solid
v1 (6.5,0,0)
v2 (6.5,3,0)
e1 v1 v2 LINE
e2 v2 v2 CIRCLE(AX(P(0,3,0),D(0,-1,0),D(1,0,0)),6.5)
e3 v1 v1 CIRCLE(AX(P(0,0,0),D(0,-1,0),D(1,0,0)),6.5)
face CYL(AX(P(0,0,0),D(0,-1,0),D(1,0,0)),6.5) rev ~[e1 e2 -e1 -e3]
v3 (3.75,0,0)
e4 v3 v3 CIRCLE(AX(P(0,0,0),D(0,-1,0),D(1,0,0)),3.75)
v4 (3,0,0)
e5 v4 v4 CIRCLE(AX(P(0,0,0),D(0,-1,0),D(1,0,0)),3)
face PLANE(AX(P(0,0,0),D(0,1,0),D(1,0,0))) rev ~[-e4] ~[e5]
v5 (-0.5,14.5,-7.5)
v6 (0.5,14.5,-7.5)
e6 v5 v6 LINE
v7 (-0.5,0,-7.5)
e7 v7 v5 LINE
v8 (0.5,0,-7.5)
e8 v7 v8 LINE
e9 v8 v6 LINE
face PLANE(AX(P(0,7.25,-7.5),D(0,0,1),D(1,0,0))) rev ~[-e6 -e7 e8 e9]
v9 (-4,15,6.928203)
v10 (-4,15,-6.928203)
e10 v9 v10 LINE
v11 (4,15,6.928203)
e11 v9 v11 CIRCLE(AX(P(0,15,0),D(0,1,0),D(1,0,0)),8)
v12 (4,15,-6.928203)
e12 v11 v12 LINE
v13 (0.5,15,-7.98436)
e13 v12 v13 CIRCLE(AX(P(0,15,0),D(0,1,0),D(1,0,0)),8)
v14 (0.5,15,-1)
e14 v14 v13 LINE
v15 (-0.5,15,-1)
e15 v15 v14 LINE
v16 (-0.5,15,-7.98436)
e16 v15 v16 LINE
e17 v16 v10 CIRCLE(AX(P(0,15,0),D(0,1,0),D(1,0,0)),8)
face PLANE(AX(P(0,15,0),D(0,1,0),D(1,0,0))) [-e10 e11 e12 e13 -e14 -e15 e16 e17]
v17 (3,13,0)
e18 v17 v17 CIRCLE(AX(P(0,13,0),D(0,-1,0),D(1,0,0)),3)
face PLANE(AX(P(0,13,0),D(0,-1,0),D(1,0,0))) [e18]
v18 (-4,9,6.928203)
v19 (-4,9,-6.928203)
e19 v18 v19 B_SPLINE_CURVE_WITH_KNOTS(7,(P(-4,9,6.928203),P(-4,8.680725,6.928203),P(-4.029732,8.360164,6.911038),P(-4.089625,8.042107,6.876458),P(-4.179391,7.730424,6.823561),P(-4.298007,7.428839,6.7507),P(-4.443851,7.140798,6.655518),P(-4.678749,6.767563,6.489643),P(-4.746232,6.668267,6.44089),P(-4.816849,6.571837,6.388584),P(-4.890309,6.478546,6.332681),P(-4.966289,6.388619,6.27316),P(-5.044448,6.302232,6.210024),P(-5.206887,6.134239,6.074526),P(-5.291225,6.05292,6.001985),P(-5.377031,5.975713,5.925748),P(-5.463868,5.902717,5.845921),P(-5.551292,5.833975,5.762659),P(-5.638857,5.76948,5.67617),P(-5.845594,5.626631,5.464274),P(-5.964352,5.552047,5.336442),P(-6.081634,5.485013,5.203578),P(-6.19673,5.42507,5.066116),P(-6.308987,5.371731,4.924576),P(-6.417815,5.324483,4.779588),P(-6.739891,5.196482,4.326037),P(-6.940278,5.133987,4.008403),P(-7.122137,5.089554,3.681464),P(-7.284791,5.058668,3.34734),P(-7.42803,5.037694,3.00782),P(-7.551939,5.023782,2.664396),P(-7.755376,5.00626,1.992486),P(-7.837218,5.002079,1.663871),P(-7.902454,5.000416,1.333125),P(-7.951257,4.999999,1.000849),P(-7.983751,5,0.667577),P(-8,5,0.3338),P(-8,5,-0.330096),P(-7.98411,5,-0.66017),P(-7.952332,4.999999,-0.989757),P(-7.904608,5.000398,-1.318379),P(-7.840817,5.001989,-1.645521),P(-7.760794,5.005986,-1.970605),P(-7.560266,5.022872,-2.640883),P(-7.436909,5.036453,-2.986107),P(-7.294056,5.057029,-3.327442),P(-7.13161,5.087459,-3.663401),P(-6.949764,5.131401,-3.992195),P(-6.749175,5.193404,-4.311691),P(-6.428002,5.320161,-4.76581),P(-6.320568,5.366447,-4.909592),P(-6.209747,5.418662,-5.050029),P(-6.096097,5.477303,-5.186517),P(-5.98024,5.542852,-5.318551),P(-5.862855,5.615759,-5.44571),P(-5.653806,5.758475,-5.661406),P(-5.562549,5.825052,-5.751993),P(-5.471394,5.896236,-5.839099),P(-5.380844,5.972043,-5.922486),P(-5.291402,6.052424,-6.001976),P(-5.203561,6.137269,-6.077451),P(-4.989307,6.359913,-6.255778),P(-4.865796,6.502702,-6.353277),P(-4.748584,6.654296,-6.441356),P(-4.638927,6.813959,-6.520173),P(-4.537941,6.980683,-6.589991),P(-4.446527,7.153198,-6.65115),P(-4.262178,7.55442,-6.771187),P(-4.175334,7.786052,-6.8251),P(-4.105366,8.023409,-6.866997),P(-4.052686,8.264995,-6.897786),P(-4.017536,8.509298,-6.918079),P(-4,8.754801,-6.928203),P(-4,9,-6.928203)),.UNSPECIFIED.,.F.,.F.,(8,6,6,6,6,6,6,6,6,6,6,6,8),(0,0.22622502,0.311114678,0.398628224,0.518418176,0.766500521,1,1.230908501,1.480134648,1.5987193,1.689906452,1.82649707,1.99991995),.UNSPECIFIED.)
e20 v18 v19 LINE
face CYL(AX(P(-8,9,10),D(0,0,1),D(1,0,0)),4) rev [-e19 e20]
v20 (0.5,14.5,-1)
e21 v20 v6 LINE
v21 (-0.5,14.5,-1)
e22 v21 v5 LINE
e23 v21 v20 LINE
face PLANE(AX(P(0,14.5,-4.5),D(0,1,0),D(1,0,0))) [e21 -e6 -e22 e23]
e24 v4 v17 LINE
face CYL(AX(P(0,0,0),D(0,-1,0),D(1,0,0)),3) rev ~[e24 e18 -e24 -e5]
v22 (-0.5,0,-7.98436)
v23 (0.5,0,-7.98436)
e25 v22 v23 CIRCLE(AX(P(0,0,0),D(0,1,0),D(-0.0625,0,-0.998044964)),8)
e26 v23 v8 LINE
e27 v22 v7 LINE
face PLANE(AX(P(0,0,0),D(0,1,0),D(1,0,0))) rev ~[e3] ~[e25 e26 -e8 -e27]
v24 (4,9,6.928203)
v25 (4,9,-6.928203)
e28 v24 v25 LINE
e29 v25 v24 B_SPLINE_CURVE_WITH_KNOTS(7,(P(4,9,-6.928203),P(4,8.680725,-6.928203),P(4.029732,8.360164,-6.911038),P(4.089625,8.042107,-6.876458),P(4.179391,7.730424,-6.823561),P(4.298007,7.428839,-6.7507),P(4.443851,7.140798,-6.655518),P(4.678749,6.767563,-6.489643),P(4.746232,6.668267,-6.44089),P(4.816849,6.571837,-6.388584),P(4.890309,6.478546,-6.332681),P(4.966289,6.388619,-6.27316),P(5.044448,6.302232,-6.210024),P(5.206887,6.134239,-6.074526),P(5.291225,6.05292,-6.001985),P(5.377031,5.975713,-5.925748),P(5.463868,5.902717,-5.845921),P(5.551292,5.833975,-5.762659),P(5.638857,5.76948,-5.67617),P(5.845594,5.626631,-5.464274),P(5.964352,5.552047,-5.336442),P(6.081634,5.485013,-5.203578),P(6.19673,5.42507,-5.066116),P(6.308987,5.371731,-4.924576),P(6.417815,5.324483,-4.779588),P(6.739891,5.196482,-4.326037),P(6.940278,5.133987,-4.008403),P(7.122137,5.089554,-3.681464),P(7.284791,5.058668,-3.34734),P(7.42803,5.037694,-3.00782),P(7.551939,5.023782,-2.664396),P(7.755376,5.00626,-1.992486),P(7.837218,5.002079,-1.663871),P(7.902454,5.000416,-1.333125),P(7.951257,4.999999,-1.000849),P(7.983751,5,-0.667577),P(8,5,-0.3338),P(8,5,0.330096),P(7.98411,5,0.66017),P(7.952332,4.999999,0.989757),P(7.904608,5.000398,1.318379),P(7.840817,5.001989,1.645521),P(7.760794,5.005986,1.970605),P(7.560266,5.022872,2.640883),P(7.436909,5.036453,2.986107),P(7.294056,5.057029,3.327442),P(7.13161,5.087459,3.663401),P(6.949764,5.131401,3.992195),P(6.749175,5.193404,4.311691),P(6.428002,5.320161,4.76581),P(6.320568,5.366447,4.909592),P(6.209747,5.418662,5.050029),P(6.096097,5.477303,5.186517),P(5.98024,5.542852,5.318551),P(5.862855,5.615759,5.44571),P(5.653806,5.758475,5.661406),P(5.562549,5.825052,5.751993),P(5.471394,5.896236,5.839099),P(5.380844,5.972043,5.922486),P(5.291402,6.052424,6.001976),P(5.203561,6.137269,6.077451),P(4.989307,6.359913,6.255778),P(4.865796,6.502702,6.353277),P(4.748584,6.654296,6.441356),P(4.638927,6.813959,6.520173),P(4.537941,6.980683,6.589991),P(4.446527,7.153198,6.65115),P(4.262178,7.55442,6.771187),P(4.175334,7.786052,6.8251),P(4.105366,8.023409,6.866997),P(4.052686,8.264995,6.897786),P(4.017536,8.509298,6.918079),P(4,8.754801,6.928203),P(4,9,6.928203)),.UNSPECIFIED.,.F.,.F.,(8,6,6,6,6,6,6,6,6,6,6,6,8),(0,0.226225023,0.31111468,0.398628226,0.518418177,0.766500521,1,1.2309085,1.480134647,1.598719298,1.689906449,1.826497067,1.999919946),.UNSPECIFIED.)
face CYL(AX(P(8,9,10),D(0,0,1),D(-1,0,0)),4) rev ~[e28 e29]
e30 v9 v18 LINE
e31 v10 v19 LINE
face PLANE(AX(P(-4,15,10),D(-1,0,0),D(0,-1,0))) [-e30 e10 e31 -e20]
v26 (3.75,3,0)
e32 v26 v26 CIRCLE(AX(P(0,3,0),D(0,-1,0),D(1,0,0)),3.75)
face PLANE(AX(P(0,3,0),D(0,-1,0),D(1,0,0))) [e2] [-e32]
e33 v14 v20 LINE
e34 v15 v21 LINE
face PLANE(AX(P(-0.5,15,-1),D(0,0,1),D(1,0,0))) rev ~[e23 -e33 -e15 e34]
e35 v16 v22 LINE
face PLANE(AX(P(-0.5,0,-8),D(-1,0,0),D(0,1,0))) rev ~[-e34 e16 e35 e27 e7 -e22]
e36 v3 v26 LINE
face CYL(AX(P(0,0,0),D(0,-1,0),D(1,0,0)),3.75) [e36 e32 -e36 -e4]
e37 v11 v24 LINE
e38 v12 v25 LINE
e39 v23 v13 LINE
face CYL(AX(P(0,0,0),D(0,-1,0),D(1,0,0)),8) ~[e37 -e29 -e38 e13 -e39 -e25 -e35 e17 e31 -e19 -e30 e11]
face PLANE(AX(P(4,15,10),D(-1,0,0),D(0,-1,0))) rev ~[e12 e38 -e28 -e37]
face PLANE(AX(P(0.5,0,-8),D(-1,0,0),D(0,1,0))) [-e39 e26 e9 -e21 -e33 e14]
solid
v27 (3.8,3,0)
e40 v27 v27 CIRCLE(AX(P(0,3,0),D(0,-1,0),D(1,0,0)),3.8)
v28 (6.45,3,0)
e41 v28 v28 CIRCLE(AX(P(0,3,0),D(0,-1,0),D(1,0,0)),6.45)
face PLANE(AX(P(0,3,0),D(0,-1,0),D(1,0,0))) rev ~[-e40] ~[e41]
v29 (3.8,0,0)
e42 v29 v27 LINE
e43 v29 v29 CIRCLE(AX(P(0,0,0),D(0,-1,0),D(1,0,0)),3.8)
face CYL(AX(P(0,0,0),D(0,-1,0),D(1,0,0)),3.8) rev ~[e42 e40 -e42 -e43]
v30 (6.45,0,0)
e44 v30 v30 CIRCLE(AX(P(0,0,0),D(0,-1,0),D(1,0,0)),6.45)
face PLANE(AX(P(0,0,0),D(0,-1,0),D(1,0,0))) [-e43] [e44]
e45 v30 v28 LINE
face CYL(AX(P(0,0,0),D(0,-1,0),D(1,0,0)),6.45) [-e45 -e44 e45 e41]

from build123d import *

# Parameters (mm, degrees)
SKETCH1_R           = 8
BOSS_EXTRUDE1_DEPTH = 15
CUT_EXTRUDE1_DEPTH  = 25
SKETCH3_R           = 3
CUT_EXTRUDE3_DEPTH  = 13
SKETCH3_3_R         = 6.5
SKETCH3_3_R_2       = 3.75
CUT_EXTRUDE4_DEPTH  = 3
SKETCH5_R           = 6.45
SKETCH5_R_2         = 3.8
BOSS_EXTRUDE2_DEPTH = 3
SKETCH6_W           = 1
SKETCH6_H           = 7
CUT_EXTRUDE5_DEPTH  = 0.5
SKETCH7_W           = 1
SKETCH7_H           = 14.5
CUT_EXTRUDE8_DEPTH  = 0.5


with BuildPart() as part:
    # Sketch1 → Boss-Extrude1 (new body)
    with BuildSketch(Plane(origin=(0, 0, 0), x_dir=(1, 0, 0), z_dir=(0, 1, 0))):
        Circle(SKETCH1_R)
    extrude(amount=BOSS_EXTRUDE1_DEPTH)

    # Sketch2 → Cut-Extrude1 (cut)
    with BuildSketch(Plane.XY.offset(10)):
        with BuildLine():
            Line((-4, 15), (-4, 9))
            ThreePointArc((-4, 9), (-5.171572875, 6.171572875), (-8, 5))
            Line((-8, 5), (-8, 15))
            Line((-8, 15), (-4, 15))
        make_face()
        with BuildLine():
            Line((4, 15), (4, 9))
            ThreePointArc((4, 9), (5.171572875, 6.171572875), (8, 5))
            Line((8, 5), (8, 15))
            Line((8, 15), (4, 15))
        make_face()
    extrude(amount=-CUT_EXTRUDE1_DEPTH, mode=Mode.SUBTRACT)

    # Sketch3 → Cut-Extrude3 (cut)
    with BuildSketch(Plane.XZ):
        Circle(SKETCH3_R)
    extrude(amount=-CUT_EXTRUDE3_DEPTH, mode=Mode.SUBTRACT)

    # Sketch3<3> → Cut-Extrude4 (cut)
    with BuildSketch(Plane.XZ):
        Circle(SKETCH3_3_R)
        Circle(SKETCH3_3_R_2, mode=Mode.SUBTRACT)
    extrude(amount=-CUT_EXTRUDE4_DEPTH, mode=Mode.SUBTRACT)

    # Sketch6 → Cut-Extrude5 (cut)
    with BuildSketch(Plane(origin=(0, 15, 0), x_dir=(1, 0, 0), z_dir=(0, 1, 0))):
        with Locations((0, 4.5)):
            Rectangle(SKETCH6_W, SKETCH6_H)
    extrude(amount=-CUT_EXTRUDE5_DEPTH, mode=Mode.SUBTRACT)

    # Sketch7 → Cut-Extrude8 (cut)
    with BuildSketch(Plane.XY.offset(-8)):
        with Locations((0, 7.25)):
            Rectangle(SKETCH7_W, SKETCH7_H)
    extrude(amount=CUT_EXTRUDE8_DEPTH, mode=Mode.SUBTRACT)


with BuildPart() as body_2:
    # Sketch5 → Boss-Extrude2 (new body)
    with BuildSketch(Plane.XZ):
        Circle(SKETCH5_R)
        Circle(SKETCH5_R_2, mode=Mode.SUBTRACT)
    extrude(amount=-BOSS_EXTRUDE2_DEPTH)


solid = Compound([part.part, body_2.part])
